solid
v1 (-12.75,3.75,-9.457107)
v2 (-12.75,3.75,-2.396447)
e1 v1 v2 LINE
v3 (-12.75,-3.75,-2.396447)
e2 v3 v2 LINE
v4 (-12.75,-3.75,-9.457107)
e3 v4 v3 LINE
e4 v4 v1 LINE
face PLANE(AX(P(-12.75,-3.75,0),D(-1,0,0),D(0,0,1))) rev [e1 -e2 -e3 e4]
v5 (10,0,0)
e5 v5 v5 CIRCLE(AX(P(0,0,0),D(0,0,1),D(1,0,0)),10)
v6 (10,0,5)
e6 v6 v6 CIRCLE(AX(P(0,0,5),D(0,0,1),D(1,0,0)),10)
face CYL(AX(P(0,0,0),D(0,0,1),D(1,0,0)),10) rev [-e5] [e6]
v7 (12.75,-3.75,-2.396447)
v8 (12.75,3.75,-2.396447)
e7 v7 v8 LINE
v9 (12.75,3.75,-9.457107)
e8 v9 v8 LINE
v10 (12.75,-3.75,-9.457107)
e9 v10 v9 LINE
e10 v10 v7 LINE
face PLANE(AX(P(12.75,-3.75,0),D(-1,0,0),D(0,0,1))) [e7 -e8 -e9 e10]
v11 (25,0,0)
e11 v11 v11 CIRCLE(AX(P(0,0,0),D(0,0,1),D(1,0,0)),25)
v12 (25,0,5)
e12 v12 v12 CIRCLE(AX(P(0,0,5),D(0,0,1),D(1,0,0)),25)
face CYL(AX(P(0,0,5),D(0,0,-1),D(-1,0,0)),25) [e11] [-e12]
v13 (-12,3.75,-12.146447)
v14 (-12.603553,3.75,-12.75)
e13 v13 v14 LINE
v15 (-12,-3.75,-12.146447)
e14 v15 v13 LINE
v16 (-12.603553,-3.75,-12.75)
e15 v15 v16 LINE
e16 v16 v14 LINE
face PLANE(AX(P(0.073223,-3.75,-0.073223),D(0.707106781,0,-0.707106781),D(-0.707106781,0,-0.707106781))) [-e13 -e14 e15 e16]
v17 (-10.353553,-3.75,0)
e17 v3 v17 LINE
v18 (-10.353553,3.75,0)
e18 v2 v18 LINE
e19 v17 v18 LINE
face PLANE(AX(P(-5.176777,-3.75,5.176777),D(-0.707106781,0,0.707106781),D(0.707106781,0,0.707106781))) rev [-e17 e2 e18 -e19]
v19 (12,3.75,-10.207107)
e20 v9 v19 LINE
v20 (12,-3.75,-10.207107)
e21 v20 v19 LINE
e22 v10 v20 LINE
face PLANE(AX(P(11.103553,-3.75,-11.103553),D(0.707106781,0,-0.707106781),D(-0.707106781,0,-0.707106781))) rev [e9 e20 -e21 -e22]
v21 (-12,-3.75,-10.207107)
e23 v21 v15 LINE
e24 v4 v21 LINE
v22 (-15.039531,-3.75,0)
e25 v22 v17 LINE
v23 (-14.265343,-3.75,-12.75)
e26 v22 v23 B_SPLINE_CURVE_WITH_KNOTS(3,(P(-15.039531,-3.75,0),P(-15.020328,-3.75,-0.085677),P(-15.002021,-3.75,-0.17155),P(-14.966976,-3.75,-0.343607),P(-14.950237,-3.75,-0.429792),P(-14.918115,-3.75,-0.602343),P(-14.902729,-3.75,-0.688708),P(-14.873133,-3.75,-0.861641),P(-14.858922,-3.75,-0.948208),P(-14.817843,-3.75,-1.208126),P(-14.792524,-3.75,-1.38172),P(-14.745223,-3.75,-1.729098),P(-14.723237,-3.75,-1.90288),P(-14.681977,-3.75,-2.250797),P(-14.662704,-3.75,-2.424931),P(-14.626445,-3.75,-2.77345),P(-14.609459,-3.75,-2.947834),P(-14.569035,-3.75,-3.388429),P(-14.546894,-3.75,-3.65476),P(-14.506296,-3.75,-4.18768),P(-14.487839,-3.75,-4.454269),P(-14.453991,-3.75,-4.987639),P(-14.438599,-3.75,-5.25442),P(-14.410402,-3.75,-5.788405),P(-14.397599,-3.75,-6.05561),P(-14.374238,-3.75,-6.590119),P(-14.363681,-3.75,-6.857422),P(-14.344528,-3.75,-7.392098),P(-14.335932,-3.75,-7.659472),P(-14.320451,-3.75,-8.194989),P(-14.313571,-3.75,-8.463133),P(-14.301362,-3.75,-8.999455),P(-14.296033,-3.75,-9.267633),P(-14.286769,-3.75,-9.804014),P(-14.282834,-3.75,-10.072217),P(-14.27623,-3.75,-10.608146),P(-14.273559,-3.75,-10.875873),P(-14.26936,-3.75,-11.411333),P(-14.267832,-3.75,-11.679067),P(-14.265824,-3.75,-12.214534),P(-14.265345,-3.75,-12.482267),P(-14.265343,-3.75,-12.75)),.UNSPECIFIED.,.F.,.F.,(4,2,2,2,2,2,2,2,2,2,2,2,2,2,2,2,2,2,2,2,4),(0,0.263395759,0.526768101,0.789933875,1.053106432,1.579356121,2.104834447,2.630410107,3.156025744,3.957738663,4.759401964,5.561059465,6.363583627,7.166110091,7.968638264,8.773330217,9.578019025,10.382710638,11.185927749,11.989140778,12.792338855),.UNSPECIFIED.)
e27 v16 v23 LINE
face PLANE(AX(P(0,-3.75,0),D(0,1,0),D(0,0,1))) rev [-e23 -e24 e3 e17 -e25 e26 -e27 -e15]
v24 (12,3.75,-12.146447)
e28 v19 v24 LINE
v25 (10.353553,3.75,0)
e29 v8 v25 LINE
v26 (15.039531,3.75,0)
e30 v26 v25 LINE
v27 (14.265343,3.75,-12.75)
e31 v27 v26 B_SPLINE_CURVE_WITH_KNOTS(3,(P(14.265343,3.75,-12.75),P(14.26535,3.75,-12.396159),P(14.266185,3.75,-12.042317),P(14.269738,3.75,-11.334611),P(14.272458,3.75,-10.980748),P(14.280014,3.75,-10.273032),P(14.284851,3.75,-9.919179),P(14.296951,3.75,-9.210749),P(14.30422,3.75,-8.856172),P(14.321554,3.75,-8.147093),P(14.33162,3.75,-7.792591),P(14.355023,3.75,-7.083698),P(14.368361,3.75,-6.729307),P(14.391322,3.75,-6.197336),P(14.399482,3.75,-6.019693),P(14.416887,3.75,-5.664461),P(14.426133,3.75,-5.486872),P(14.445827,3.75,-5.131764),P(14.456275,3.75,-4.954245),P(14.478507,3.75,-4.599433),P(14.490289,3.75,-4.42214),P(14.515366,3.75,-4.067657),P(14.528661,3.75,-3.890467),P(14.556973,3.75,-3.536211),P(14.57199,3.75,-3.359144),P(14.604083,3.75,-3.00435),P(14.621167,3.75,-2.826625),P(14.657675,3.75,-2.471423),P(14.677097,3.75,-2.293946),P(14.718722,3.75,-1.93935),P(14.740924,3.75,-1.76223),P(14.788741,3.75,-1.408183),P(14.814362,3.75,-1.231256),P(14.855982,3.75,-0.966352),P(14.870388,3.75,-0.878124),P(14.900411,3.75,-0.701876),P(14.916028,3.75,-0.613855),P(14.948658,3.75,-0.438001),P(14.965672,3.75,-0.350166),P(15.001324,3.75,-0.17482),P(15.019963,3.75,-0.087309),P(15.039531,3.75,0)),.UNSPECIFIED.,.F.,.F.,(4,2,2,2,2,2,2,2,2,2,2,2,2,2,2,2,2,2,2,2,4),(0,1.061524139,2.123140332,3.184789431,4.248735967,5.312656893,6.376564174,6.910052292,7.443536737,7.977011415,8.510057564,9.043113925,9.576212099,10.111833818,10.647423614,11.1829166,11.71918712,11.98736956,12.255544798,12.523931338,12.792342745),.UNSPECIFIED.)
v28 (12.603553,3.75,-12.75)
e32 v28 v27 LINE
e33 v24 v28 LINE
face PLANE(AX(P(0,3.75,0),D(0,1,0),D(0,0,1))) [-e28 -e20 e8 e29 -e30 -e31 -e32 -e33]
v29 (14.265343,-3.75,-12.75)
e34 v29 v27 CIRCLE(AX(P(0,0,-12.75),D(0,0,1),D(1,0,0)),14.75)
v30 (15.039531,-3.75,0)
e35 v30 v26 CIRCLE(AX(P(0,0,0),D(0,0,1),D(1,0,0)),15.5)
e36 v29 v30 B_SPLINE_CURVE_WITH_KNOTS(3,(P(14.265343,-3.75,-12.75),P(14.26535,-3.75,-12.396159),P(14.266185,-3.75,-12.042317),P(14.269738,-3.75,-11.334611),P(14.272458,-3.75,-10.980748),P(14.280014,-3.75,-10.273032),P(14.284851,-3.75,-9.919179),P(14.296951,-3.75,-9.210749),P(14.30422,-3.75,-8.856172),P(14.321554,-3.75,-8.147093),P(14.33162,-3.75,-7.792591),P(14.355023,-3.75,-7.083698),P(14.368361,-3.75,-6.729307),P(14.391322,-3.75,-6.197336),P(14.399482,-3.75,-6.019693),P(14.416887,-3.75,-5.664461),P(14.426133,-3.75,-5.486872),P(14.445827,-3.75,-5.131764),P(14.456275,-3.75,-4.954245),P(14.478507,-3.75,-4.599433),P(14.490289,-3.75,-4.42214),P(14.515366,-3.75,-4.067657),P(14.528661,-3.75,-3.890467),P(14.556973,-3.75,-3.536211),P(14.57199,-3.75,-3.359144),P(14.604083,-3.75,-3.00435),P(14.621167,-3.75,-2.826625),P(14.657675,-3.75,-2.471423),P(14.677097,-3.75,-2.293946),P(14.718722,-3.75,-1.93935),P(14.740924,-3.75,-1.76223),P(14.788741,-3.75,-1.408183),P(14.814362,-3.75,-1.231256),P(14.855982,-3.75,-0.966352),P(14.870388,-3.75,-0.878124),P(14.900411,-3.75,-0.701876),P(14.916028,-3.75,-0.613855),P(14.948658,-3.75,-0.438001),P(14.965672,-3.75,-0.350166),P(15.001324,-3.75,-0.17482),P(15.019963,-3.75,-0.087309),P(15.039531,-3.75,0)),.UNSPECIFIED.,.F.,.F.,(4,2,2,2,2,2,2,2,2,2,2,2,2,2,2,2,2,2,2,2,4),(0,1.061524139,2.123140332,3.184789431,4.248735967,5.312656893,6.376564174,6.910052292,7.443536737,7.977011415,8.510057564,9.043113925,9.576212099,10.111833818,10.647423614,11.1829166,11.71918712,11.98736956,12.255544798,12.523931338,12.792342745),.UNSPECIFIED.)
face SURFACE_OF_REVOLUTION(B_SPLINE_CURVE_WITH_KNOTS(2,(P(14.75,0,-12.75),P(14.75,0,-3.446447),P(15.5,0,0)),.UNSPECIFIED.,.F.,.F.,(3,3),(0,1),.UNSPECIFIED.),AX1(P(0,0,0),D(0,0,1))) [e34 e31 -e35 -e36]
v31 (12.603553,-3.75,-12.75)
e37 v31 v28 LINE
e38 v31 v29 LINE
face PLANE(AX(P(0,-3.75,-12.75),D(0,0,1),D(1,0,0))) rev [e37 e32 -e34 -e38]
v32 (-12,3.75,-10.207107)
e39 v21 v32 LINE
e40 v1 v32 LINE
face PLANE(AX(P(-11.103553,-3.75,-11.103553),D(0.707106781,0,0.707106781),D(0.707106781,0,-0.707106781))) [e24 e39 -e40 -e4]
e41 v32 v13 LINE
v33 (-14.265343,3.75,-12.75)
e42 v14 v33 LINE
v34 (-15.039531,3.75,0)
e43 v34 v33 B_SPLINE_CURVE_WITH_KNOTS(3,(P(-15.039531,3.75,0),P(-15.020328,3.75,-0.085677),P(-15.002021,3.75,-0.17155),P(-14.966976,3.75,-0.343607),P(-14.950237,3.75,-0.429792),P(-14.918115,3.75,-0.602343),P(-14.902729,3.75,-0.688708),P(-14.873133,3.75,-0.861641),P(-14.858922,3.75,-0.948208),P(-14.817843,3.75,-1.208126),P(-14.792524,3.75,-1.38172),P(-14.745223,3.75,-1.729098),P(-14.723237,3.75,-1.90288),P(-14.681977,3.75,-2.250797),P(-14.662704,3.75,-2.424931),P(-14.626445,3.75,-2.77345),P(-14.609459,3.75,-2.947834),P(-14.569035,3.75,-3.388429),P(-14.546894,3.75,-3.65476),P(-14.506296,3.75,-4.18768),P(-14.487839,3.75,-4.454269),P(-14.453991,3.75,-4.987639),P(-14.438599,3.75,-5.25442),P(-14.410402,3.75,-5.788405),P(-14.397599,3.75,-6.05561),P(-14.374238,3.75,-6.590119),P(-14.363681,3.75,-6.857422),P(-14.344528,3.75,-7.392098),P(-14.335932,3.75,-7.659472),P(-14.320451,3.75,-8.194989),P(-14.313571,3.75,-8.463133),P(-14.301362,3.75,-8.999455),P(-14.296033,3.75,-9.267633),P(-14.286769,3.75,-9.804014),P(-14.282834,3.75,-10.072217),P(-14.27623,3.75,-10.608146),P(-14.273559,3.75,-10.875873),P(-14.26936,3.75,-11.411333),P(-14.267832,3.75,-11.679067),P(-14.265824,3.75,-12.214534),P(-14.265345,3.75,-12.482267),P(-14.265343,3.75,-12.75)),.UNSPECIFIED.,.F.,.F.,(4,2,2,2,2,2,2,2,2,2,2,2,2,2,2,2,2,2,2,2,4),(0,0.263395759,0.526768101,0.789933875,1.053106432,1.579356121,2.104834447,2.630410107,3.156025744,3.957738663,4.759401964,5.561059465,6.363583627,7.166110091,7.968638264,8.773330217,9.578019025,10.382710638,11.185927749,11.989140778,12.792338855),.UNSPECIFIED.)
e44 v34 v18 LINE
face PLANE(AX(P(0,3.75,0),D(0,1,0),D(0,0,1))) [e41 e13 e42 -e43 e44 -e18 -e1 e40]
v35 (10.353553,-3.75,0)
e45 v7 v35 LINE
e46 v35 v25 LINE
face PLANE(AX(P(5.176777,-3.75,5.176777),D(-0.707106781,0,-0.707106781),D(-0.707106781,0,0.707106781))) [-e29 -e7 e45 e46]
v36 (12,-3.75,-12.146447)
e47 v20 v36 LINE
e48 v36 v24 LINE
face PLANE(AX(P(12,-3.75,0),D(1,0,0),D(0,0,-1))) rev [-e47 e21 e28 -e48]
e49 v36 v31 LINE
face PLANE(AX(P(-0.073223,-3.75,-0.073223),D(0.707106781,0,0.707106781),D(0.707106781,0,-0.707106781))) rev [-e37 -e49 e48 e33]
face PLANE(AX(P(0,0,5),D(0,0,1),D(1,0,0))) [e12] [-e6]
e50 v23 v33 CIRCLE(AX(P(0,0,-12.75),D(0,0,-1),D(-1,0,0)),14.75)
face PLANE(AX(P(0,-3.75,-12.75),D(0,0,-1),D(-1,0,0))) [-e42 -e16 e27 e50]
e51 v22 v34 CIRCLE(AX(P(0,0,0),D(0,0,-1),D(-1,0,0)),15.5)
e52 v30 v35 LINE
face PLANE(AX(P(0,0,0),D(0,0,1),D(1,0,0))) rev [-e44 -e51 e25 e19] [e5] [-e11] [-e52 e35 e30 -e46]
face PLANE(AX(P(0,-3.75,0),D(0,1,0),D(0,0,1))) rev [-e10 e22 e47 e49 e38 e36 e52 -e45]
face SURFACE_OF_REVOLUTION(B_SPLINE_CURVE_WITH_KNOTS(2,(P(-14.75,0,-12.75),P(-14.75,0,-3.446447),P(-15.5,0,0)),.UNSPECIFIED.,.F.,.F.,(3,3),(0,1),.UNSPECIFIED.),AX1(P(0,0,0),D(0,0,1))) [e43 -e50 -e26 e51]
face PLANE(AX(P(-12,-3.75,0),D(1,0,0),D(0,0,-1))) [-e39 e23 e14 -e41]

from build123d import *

# Parameters (mm, degrees)
SKETCH4_R           = 25
BOSS_EXTRUDE2_DEPTH = 5
SKETCH5_R           = 10
CUT_EXTRUDE1_DEPTH  = 36.707142143
BOSS_EXTRUDE3_DEPTH = 3.75
SKETCH1_R           = 25
CUT_EXTRUDE2_DEPTH  = 38.584072424


with BuildPart() as part:
    # Sketch4 → Boss-Extrude2 (new body)
    with BuildSketch(Plane.XY):
        Circle(SKETCH4_R)
    extrude(amount=BOSS_EXTRUDE2_DEPTH)

    # Sketch5 → Cut-Extrude1 (cut, through all)
    with BuildSketch(Plane.XY.offset(5)):
        Circle(SKETCH5_R)
    extrude(amount=-CUT_EXTRUDE1_DEPTH, mode=Mode.SUBTRACT)

    # Sketch6 → Boss-Extrude3 (add, symmetric)
    with BuildSketch(Plane(origin=(0, 0, 0), x_dir=(1, 0, 0), z_dir=(0, 1, 0))):
        Polygon((15.5, 12.75), (12.603553391, 12.75), (12, 12.146446609), (12, 10.207106781), (12.75, 9.457106781), (12.75, 2.396446609), (10.353553391, 0), (15.5, 0), align=None)
    boss_extrude3 = extrude(amount=BOSS_EXTRUDE3_DEPTH, both=True)

    # Sketch1 → Cut-Extrude2 (cut, through all)
    with BuildSketch(Plane.XY):
        Circle(SKETCH1_R)
        with BuildLine():
            ThreePointArc((-1, 15.467708298), (10.600707524, 11.308182878), (15.5, 0))
            ThreePointArc((15.5, 0), (10.600707524, -11.308182878), (-1, -15.467708298))
            ThreePointArc((-1, -15.467708298), (-17.5, 0), (-1, 15.467708298))
        make_face(mode=Mode.SUBTRACT)
    cut_extrude2 = extrude(amount=-CUT_EXTRUDE2_DEPTH, mode=Mode.SUBTRACT)

    # Sketch6<4> → Cut-Revolve1 (revolve, cut)
    with BuildSketch(Plane(origin=(0, 0, 0), x_dir=(1, 0, 0), z_dir=(0, 1, 0))):
        with BuildLine():
            add(Edge.make_bspline(
                [(14.75, 12.75), (14.75, 3.446446626), (15.5, 0)],
                knots=[0, 0, 0, 1, 1, 1], degree=2))
            Line((15.5, 0), (15.5, 12.75))
            Line((15.5, 12.75), (14.75, 12.75))
        make_face()
    cut_revolve1 = revolve(axis=Axis((0, 0, 0), (0, 0, -1)), mode=Mode.SUBTRACT)

    # Mirror1: Boss-Extrude3, Cut-Extrude2, Cut-Revolve1 across plane
    add(boss_extrude3.mirror(Plane(origin=(0, 0, 0), x_dir=(0, 0, 1), z_dir=(1, 0, 0))))
    add(cut_extrude2.mirror(Plane(origin=(0, 0, 0), x_dir=(0, 0, 1), z_dir=(1, 0, 0))), mode=Mode.SUBTRACT)
    add(cut_revolve1.mirror(Plane(origin=(0, 0, 0), x_dir=(0, 0, 1), z_dir=(1, 0, 0))), mode=Mode.SUBTRACT)


solid = part.part
